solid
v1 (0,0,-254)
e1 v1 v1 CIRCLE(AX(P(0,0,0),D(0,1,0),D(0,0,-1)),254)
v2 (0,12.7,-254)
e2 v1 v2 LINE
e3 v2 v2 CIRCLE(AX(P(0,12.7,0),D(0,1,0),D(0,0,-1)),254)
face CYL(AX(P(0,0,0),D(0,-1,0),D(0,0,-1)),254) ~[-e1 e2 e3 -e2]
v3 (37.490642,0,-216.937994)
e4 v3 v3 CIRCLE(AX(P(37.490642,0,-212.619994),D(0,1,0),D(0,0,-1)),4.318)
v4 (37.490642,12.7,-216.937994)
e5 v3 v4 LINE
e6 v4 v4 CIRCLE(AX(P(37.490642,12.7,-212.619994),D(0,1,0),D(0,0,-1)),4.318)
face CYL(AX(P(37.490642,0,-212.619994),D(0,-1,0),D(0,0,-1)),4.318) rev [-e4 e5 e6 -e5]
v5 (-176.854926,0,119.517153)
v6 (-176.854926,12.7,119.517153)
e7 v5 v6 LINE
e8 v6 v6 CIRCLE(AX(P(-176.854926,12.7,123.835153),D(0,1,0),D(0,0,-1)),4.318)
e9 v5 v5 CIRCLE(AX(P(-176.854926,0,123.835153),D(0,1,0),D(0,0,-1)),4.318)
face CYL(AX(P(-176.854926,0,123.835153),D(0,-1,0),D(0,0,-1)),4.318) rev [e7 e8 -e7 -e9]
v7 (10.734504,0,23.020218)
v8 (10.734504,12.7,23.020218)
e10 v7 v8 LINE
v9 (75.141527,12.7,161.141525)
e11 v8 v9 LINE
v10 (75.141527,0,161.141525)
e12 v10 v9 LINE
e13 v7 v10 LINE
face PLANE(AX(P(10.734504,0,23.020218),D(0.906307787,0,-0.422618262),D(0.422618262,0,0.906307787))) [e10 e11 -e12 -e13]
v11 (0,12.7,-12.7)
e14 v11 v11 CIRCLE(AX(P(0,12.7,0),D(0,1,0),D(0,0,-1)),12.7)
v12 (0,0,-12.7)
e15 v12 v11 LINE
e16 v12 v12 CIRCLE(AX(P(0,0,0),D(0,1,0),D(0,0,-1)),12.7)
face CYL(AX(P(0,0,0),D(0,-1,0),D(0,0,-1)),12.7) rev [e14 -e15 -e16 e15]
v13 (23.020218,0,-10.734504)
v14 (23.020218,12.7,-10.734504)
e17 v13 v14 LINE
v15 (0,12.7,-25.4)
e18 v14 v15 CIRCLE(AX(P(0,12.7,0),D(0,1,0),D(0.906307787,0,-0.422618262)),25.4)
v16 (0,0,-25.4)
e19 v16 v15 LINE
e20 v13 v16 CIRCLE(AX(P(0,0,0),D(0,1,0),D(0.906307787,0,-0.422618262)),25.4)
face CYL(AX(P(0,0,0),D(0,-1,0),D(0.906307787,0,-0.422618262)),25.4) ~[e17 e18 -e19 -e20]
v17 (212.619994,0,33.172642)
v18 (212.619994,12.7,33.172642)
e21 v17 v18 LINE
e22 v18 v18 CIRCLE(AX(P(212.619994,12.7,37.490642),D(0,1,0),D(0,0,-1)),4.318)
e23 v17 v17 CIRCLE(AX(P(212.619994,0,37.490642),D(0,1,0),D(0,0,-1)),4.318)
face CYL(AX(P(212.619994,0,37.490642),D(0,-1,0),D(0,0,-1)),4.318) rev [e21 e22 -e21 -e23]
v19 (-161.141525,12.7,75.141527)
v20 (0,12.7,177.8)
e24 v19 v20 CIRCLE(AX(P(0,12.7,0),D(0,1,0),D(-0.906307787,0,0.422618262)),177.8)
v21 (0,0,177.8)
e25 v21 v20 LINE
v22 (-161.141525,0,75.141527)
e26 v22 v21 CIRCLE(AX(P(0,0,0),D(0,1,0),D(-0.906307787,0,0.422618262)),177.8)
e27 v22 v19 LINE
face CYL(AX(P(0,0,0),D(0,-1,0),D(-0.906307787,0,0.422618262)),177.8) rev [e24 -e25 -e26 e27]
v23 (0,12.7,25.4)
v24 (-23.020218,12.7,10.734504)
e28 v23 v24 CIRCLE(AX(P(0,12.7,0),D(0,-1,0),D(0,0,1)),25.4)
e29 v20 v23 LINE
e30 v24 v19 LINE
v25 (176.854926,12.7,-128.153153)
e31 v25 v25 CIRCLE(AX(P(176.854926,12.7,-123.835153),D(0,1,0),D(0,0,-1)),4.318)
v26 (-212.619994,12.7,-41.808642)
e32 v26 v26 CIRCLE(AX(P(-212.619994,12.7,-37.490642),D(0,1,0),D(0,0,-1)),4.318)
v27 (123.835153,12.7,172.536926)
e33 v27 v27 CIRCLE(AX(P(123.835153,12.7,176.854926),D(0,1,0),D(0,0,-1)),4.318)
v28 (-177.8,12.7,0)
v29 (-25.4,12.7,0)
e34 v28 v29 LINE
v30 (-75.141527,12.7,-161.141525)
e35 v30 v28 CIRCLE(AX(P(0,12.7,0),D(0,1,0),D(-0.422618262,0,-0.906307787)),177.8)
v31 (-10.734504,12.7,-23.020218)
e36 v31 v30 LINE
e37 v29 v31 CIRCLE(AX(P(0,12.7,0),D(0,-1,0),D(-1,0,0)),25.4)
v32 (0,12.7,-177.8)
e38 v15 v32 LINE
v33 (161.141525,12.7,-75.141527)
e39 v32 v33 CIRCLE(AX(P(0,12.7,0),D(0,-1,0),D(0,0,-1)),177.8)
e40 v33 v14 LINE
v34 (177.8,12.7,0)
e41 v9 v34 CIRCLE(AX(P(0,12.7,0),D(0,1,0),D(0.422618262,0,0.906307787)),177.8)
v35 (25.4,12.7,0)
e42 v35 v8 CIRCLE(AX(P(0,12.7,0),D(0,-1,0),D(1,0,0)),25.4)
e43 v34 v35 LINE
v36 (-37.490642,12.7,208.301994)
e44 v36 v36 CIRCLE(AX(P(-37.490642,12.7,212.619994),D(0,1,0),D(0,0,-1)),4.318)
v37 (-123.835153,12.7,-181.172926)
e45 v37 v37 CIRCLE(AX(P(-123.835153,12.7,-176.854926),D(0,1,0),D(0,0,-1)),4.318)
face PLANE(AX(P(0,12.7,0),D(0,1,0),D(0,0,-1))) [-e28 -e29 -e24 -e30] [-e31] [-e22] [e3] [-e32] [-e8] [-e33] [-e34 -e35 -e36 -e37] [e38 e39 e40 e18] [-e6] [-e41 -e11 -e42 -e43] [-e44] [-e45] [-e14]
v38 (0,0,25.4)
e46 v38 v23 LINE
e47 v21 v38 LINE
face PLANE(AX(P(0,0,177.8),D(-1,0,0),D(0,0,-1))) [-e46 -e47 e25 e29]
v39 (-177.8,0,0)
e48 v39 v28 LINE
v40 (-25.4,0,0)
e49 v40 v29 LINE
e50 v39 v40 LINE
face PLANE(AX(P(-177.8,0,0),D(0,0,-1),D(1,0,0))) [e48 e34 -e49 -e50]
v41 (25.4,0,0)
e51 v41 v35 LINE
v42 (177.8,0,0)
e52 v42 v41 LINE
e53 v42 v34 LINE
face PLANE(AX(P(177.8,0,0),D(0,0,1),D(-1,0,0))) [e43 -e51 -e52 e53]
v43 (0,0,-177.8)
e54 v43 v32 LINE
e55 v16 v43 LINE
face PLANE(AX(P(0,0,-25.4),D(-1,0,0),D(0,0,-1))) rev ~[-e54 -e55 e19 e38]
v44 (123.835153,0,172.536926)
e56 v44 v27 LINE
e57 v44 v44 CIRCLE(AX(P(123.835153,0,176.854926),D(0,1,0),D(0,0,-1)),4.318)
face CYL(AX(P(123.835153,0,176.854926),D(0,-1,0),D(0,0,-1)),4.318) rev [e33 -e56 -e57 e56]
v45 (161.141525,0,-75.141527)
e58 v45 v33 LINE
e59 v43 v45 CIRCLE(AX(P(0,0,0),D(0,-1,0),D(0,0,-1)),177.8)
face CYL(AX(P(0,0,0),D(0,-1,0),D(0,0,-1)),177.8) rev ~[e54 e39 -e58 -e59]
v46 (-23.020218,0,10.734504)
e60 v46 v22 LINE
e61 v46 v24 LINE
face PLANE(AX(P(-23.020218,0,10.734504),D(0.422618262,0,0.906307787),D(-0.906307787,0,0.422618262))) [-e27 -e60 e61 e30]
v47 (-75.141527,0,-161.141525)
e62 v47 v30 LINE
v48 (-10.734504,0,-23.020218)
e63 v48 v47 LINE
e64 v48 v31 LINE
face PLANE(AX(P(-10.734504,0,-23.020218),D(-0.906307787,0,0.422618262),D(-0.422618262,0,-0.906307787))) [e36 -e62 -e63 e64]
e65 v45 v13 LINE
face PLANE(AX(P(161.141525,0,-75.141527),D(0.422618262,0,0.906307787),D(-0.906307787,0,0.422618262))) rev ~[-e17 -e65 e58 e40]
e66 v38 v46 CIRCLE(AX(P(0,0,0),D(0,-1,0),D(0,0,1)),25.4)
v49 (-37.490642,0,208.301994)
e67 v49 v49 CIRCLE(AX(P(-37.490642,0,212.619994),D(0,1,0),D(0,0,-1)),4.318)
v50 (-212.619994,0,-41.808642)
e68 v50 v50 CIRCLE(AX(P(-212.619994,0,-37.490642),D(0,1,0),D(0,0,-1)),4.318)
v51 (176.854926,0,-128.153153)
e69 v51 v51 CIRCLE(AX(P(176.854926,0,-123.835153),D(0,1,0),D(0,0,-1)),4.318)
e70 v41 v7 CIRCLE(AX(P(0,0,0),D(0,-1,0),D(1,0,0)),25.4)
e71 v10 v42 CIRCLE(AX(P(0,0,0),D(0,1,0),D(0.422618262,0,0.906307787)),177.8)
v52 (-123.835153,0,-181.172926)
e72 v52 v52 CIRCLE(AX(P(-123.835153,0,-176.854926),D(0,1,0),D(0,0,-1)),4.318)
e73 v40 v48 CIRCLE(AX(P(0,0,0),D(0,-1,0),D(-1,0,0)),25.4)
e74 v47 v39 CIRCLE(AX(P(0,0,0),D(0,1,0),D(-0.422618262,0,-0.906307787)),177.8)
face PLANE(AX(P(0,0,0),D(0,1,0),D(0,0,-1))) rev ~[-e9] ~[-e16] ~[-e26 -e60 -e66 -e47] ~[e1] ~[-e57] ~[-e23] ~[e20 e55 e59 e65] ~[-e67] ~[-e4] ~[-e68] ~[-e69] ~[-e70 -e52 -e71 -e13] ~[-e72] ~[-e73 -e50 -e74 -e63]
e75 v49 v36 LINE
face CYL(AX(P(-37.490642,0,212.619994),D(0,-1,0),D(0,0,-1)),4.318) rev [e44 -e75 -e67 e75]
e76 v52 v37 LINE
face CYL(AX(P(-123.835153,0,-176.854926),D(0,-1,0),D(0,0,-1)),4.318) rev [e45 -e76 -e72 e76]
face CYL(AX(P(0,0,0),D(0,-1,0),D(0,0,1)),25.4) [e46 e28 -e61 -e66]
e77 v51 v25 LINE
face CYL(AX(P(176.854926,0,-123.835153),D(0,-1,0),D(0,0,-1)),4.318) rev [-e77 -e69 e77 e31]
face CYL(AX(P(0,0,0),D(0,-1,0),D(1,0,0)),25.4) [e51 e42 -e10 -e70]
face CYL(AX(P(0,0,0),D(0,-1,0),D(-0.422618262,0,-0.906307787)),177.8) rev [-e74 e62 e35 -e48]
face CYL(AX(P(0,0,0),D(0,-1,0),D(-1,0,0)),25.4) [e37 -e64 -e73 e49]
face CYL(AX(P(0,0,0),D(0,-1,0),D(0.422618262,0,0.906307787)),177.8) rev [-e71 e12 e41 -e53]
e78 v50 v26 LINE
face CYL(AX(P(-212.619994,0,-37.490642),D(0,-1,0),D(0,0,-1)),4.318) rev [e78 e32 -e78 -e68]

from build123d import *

# Parameters (mm, degrees)
SKETCH1_R           = 254
SKETCH1_R_2         = 12.7
SKETCH1_R_3         = 4.318
BOSS_EXTRUDE3_DEPTH = 12.7


with BuildPart() as part:
    # Sketch1 → Boss-Extrude3 (new body)
    with BuildSketch(Plane(origin=(0, 0, 0), x_dir=(1, 0, 0), z_dir=(0, 1, 0))):
        with Locations(Location((0, 0, 0), (0, 0, 90))):
            Circle(SKETCH1_R)
        with Locations(Location((0, 0, 0), (0, 0, 90))):
            Circle(SKETCH1_R_2, mode=Mode.SUBTRACT)
        with Locations(Location((37.490641558, 212.619993875, 0), (0, 0, 90))):
            Circle(SKETCH1_R_3, mode=Mode.SUBTRACT)
        with Locations(Location((176.854926362, 123.835152608, 0), (0, 0, 90))):
            Circle(SKETCH1_R_3, mode=Mode.SUBTRACT)
        with Locations(Location((212.619993875, -37.490641558, 0), (0, 0, 90))):
            Circle(SKETCH1_R_3, mode=Mode.SUBTRACT)
        with Locations(Location((123.835152608, -176.854926362, 0), (0, 0, 90))):
            Circle(SKETCH1_R_3, mode=Mode.SUBTRACT)
        with Locations(Location((-37.490641558, -212.619993875, 0), (0, 0, 90))):
            Circle(SKETCH1_R_3, mode=Mode.SUBTRACT)
        with Locations(Location((-176.854926362, -123.835152608, 0), (0, 0, 90))):
            Circle(SKETCH1_R_3, mode=Mode.SUBTRACT)
        with Locations(Location((-212.619993875, 37.490641558, 0), (0, 0, 90))):
            Circle(SKETCH1_R_3, mode=Mode.SUBTRACT)
        with Locations(Location((-123.835152608, 176.854926362, 0), (0, 0, 90))):
            Circle(SKETCH1_R_3, mode=Mode.SUBTRACT)
        with BuildLine():
            Line((0, 25.4), (0, 177.8))
            ThreePointArc((0, 177.8), (95.531870364, 149.954999066), (161.141524535, 75.141526937))
            Line((161.141524535, 75.141526937), (23.020217791, 10.734503848))
            ThreePointArc((23.020217791, 10.734503848), (13.647410052, 21.422142724), (0, 25.4))
        make_face(mode=Mode.SUBTRACT)
        with BuildLine():
            Line((10.734503848, -23.020217791), (75.141526937, -161.141524535))
            ThreePointArc((75.141526937, -161.141524535), (149.954999066, -95.531870364), (177.8, 0))
            Line((177.8, 0), (25.4, 0))
            ThreePointArc((25.4, 0), (21.422142724, -13.647410052), (10.734503848, -23.020217791))
        make_face(mode=Mode.SUBTRACT)
        with BuildLine():
            Line((-23.020217791, -10.734503848), (-161.141524535, -75.141526937))
            ThreePointArc((-161.141524535, -75.141526937), (-95.531870364, -149.954999066), (0, -177.8))
            Line((0, -177.8), (0, -25.4))
            ThreePointArc((0, -25.4), (-13.647410052, -21.422142724), (-23.020217791, -10.734503848))
        make_face(mode=Mode.SUBTRACT)
        with BuildLine():
            Line((-10.734503848, 23.020217791), (-75.141526937, 161.141524535))
            ThreePointArc((-75.141526937, 161.141524535), (-149.954999066, 95.531870364), (-177.8, 0))
            Line((-177.8, 0), (-25.4, 0))
            ThreePointArc((-25.4, 0), (-21.422142724, 13.647410052), (-10.734503848, 23.020217791))
        make_face(mode=Mode.SUBTRACT)
    extrude(amount=BOSS_EXTRUDE3_DEPTH)


solid = part.part
